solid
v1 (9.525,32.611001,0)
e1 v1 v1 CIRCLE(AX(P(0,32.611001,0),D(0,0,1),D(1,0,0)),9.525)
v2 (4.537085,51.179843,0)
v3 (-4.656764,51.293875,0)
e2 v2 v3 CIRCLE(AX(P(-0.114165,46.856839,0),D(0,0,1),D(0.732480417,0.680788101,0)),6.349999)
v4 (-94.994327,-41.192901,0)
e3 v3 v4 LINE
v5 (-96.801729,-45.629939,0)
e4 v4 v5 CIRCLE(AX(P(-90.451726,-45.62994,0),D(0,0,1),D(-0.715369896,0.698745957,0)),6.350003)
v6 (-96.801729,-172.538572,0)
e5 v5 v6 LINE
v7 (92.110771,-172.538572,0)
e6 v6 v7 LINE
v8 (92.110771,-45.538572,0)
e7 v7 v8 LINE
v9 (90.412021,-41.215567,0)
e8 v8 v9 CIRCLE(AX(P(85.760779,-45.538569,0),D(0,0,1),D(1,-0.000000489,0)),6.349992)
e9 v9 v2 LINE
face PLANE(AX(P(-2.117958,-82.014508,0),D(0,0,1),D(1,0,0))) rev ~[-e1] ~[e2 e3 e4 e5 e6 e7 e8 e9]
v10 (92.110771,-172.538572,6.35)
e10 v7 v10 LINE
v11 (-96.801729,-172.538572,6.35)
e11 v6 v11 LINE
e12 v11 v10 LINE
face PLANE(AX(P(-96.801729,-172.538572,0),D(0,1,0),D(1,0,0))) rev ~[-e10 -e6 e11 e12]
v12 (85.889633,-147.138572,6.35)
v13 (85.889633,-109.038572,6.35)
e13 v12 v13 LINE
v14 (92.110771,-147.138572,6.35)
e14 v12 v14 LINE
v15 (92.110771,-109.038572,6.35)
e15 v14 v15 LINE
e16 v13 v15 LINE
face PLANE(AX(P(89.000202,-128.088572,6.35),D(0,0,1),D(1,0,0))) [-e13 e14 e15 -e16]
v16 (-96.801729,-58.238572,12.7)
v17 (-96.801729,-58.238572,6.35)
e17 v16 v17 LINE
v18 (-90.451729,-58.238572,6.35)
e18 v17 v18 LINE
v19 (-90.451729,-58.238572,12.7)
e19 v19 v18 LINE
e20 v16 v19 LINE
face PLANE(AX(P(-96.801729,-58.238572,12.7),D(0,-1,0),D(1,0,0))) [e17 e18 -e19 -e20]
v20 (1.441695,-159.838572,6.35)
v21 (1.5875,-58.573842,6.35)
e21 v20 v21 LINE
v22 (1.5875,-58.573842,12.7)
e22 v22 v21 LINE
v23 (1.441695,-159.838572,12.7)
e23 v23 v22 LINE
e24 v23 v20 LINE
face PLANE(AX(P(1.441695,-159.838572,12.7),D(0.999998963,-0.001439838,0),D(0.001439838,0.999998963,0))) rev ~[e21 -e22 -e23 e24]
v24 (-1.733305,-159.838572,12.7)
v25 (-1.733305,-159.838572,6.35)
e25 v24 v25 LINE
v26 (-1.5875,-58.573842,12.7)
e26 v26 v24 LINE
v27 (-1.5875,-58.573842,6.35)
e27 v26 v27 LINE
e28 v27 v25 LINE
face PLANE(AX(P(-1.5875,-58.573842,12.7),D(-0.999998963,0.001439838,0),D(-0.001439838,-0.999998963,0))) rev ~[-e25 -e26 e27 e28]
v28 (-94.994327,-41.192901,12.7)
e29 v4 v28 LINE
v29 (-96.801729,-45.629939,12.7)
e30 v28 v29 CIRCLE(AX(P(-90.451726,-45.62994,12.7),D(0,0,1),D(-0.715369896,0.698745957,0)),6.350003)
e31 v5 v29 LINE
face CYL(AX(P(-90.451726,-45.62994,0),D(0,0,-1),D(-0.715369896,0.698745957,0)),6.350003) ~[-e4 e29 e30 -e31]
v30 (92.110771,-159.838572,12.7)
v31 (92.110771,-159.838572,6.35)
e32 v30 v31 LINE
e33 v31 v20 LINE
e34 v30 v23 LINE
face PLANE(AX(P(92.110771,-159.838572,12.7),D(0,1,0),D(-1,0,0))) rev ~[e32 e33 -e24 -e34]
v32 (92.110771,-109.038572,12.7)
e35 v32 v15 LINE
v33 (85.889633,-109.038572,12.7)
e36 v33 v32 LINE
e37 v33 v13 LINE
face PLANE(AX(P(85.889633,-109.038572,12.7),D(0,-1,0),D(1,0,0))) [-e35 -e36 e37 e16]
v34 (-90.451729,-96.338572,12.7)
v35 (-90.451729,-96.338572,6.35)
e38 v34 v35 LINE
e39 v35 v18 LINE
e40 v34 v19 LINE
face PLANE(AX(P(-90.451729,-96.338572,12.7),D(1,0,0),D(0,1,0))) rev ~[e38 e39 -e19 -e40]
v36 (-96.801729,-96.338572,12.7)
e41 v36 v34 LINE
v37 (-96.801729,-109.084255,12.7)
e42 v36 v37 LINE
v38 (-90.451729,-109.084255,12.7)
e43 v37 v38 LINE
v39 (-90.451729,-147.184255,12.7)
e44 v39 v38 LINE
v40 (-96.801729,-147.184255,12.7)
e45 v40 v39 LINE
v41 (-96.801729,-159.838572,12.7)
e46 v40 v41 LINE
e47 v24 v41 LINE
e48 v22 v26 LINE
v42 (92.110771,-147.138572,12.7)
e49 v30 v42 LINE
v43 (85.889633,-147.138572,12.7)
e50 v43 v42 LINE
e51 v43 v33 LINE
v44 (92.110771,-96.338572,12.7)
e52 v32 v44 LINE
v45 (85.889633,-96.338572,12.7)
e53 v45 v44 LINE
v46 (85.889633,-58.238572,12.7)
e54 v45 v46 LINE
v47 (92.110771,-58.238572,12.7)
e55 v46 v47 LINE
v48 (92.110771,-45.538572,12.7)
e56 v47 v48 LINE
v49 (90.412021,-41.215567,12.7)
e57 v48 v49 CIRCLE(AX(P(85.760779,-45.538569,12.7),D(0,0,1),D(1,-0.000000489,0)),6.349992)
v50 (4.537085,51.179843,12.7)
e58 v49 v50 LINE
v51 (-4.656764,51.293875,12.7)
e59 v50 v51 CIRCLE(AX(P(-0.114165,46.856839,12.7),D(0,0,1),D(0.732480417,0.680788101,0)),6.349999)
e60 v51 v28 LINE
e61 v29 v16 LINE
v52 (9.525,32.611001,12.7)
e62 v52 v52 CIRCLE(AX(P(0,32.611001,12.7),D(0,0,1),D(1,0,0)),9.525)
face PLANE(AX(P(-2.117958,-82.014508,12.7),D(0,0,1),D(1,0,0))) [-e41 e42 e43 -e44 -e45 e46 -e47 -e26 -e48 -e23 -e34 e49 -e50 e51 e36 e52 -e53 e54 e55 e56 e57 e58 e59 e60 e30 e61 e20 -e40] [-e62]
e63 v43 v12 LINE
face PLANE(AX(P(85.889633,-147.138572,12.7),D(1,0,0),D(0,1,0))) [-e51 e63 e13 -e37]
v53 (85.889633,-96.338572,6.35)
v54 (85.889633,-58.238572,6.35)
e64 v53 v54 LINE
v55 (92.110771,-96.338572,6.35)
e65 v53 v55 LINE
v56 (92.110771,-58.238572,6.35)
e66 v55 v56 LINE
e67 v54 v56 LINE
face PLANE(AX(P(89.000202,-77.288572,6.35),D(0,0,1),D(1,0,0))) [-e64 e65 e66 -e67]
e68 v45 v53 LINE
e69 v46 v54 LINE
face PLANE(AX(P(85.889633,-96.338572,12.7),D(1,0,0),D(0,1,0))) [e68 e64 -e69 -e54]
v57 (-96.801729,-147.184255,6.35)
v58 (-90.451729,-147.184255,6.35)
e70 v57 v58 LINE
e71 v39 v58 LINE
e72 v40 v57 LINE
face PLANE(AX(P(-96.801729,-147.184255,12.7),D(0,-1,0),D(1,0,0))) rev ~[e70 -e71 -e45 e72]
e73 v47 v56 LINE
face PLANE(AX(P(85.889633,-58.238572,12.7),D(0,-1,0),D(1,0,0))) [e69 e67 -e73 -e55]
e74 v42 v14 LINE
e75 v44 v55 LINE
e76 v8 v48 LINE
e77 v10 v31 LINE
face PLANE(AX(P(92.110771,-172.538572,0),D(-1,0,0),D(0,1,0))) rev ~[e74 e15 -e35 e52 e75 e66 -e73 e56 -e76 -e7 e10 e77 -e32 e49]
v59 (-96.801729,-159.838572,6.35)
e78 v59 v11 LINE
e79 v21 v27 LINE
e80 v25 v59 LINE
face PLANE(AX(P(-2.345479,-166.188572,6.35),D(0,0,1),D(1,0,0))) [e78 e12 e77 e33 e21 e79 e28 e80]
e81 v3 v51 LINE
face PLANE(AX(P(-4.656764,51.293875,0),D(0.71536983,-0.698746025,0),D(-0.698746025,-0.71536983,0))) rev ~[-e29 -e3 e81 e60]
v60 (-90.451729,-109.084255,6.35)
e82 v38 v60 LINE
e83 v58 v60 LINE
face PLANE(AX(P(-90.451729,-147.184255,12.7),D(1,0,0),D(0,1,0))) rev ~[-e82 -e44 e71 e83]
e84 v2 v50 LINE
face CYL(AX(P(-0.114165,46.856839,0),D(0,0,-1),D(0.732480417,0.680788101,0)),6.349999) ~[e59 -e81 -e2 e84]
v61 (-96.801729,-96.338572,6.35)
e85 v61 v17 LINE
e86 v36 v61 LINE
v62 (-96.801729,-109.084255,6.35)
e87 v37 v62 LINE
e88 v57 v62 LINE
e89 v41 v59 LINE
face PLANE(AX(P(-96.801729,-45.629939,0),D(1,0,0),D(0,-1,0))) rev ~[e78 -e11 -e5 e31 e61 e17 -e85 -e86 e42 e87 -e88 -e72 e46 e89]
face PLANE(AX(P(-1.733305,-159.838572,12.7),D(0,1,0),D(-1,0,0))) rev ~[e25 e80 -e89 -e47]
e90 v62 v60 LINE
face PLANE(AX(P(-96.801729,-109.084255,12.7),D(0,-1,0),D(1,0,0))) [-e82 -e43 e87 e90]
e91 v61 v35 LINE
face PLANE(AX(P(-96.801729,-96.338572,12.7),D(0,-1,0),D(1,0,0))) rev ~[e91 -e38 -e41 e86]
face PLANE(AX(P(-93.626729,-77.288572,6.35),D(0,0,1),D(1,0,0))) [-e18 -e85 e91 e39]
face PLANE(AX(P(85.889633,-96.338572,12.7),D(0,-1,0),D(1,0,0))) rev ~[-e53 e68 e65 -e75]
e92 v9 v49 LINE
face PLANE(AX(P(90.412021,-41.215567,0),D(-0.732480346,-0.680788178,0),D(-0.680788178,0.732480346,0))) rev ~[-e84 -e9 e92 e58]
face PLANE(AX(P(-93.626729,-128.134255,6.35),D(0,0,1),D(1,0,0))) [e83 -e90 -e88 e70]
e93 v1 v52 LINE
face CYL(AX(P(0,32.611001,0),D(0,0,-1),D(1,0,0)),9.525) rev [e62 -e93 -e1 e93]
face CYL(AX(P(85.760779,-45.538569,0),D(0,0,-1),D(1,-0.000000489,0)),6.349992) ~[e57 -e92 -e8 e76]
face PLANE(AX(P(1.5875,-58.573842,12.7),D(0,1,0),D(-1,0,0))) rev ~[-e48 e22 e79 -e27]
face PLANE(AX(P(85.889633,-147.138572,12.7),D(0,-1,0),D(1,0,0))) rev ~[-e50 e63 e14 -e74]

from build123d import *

# Parameters (mm, degrees)
F0_R     = 9.525
F1_DEPTH = 12.7
F2_W     = 6.221138
F2_H     = 38.1
F2_W_2   = 6.35
F3_DEPTH = 6.35


with BuildPart() as f1:
    # F0 (on Top) → F1 (new body)
    with BuildSketch(Plane.XY):
        with BuildLine():
            Line((-96.801729, -45.629939), (-96.801729, -172.538572))
            Line((-96.801729, -172.538572), (92.110771, -172.538572))
            Line((92.110771, -172.538572), (92.110771, -45.538572))
            ThreePointArc((92.110771, -45.538572), (91.670845, -43.216174), (90.412021, -41.215567))
            Line((90.412021, -41.215567), (4.537085, 51.179843))
            ThreePointArc((4.537085, 51.179843), (-0.035412, 53.20635), (-4.656764, 51.293875))
            Line((-4.656764, 51.293875), (-94.994327, -41.192901))
            ThreePointArc((-94.994327, -41.192901), (-96.332545, -43.234422), (-96.801729, -45.629939))
        make_face()
        with Locations((0, 32.611001)):
            Circle(F0_R, mode=Mode.SUBTRACT)
    extrude(amount=F1_DEPTH)

    # F2 (on face) → F3 (cut)
    with BuildSketch(Plane.XY.offset(12.7)):
        with Locations((89.000202, -77.288572)):
            Rectangle(F2_W, F2_H)
        with Locations((89.000202, -128.088572)):
            Rectangle(F2_W, F2_H)
        with Locations((-93.626729, -77.288572)):
            Rectangle(F2_W_2, F2_H)
        with Locations((-93.626729, -128.134255)):
            Rectangle(F2_W_2, F2_H)
        Polygon((-1.733305, -159.838572), (-96.801729, -159.838572), (-96.801729, -172.538572), (92.110771, -172.538572), (92.110771, -159.838572), (1.441695, -159.838572), align=None)
        Polygon((-1.5875, -58.573842), (-1.733305, -159.838572), (1.441695, -159.838572), (1.5875, -58.573842), align=None)
    extrude(amount=-F3_DEPTH, mode=Mode.SUBTRACT)


solid = f1.part
